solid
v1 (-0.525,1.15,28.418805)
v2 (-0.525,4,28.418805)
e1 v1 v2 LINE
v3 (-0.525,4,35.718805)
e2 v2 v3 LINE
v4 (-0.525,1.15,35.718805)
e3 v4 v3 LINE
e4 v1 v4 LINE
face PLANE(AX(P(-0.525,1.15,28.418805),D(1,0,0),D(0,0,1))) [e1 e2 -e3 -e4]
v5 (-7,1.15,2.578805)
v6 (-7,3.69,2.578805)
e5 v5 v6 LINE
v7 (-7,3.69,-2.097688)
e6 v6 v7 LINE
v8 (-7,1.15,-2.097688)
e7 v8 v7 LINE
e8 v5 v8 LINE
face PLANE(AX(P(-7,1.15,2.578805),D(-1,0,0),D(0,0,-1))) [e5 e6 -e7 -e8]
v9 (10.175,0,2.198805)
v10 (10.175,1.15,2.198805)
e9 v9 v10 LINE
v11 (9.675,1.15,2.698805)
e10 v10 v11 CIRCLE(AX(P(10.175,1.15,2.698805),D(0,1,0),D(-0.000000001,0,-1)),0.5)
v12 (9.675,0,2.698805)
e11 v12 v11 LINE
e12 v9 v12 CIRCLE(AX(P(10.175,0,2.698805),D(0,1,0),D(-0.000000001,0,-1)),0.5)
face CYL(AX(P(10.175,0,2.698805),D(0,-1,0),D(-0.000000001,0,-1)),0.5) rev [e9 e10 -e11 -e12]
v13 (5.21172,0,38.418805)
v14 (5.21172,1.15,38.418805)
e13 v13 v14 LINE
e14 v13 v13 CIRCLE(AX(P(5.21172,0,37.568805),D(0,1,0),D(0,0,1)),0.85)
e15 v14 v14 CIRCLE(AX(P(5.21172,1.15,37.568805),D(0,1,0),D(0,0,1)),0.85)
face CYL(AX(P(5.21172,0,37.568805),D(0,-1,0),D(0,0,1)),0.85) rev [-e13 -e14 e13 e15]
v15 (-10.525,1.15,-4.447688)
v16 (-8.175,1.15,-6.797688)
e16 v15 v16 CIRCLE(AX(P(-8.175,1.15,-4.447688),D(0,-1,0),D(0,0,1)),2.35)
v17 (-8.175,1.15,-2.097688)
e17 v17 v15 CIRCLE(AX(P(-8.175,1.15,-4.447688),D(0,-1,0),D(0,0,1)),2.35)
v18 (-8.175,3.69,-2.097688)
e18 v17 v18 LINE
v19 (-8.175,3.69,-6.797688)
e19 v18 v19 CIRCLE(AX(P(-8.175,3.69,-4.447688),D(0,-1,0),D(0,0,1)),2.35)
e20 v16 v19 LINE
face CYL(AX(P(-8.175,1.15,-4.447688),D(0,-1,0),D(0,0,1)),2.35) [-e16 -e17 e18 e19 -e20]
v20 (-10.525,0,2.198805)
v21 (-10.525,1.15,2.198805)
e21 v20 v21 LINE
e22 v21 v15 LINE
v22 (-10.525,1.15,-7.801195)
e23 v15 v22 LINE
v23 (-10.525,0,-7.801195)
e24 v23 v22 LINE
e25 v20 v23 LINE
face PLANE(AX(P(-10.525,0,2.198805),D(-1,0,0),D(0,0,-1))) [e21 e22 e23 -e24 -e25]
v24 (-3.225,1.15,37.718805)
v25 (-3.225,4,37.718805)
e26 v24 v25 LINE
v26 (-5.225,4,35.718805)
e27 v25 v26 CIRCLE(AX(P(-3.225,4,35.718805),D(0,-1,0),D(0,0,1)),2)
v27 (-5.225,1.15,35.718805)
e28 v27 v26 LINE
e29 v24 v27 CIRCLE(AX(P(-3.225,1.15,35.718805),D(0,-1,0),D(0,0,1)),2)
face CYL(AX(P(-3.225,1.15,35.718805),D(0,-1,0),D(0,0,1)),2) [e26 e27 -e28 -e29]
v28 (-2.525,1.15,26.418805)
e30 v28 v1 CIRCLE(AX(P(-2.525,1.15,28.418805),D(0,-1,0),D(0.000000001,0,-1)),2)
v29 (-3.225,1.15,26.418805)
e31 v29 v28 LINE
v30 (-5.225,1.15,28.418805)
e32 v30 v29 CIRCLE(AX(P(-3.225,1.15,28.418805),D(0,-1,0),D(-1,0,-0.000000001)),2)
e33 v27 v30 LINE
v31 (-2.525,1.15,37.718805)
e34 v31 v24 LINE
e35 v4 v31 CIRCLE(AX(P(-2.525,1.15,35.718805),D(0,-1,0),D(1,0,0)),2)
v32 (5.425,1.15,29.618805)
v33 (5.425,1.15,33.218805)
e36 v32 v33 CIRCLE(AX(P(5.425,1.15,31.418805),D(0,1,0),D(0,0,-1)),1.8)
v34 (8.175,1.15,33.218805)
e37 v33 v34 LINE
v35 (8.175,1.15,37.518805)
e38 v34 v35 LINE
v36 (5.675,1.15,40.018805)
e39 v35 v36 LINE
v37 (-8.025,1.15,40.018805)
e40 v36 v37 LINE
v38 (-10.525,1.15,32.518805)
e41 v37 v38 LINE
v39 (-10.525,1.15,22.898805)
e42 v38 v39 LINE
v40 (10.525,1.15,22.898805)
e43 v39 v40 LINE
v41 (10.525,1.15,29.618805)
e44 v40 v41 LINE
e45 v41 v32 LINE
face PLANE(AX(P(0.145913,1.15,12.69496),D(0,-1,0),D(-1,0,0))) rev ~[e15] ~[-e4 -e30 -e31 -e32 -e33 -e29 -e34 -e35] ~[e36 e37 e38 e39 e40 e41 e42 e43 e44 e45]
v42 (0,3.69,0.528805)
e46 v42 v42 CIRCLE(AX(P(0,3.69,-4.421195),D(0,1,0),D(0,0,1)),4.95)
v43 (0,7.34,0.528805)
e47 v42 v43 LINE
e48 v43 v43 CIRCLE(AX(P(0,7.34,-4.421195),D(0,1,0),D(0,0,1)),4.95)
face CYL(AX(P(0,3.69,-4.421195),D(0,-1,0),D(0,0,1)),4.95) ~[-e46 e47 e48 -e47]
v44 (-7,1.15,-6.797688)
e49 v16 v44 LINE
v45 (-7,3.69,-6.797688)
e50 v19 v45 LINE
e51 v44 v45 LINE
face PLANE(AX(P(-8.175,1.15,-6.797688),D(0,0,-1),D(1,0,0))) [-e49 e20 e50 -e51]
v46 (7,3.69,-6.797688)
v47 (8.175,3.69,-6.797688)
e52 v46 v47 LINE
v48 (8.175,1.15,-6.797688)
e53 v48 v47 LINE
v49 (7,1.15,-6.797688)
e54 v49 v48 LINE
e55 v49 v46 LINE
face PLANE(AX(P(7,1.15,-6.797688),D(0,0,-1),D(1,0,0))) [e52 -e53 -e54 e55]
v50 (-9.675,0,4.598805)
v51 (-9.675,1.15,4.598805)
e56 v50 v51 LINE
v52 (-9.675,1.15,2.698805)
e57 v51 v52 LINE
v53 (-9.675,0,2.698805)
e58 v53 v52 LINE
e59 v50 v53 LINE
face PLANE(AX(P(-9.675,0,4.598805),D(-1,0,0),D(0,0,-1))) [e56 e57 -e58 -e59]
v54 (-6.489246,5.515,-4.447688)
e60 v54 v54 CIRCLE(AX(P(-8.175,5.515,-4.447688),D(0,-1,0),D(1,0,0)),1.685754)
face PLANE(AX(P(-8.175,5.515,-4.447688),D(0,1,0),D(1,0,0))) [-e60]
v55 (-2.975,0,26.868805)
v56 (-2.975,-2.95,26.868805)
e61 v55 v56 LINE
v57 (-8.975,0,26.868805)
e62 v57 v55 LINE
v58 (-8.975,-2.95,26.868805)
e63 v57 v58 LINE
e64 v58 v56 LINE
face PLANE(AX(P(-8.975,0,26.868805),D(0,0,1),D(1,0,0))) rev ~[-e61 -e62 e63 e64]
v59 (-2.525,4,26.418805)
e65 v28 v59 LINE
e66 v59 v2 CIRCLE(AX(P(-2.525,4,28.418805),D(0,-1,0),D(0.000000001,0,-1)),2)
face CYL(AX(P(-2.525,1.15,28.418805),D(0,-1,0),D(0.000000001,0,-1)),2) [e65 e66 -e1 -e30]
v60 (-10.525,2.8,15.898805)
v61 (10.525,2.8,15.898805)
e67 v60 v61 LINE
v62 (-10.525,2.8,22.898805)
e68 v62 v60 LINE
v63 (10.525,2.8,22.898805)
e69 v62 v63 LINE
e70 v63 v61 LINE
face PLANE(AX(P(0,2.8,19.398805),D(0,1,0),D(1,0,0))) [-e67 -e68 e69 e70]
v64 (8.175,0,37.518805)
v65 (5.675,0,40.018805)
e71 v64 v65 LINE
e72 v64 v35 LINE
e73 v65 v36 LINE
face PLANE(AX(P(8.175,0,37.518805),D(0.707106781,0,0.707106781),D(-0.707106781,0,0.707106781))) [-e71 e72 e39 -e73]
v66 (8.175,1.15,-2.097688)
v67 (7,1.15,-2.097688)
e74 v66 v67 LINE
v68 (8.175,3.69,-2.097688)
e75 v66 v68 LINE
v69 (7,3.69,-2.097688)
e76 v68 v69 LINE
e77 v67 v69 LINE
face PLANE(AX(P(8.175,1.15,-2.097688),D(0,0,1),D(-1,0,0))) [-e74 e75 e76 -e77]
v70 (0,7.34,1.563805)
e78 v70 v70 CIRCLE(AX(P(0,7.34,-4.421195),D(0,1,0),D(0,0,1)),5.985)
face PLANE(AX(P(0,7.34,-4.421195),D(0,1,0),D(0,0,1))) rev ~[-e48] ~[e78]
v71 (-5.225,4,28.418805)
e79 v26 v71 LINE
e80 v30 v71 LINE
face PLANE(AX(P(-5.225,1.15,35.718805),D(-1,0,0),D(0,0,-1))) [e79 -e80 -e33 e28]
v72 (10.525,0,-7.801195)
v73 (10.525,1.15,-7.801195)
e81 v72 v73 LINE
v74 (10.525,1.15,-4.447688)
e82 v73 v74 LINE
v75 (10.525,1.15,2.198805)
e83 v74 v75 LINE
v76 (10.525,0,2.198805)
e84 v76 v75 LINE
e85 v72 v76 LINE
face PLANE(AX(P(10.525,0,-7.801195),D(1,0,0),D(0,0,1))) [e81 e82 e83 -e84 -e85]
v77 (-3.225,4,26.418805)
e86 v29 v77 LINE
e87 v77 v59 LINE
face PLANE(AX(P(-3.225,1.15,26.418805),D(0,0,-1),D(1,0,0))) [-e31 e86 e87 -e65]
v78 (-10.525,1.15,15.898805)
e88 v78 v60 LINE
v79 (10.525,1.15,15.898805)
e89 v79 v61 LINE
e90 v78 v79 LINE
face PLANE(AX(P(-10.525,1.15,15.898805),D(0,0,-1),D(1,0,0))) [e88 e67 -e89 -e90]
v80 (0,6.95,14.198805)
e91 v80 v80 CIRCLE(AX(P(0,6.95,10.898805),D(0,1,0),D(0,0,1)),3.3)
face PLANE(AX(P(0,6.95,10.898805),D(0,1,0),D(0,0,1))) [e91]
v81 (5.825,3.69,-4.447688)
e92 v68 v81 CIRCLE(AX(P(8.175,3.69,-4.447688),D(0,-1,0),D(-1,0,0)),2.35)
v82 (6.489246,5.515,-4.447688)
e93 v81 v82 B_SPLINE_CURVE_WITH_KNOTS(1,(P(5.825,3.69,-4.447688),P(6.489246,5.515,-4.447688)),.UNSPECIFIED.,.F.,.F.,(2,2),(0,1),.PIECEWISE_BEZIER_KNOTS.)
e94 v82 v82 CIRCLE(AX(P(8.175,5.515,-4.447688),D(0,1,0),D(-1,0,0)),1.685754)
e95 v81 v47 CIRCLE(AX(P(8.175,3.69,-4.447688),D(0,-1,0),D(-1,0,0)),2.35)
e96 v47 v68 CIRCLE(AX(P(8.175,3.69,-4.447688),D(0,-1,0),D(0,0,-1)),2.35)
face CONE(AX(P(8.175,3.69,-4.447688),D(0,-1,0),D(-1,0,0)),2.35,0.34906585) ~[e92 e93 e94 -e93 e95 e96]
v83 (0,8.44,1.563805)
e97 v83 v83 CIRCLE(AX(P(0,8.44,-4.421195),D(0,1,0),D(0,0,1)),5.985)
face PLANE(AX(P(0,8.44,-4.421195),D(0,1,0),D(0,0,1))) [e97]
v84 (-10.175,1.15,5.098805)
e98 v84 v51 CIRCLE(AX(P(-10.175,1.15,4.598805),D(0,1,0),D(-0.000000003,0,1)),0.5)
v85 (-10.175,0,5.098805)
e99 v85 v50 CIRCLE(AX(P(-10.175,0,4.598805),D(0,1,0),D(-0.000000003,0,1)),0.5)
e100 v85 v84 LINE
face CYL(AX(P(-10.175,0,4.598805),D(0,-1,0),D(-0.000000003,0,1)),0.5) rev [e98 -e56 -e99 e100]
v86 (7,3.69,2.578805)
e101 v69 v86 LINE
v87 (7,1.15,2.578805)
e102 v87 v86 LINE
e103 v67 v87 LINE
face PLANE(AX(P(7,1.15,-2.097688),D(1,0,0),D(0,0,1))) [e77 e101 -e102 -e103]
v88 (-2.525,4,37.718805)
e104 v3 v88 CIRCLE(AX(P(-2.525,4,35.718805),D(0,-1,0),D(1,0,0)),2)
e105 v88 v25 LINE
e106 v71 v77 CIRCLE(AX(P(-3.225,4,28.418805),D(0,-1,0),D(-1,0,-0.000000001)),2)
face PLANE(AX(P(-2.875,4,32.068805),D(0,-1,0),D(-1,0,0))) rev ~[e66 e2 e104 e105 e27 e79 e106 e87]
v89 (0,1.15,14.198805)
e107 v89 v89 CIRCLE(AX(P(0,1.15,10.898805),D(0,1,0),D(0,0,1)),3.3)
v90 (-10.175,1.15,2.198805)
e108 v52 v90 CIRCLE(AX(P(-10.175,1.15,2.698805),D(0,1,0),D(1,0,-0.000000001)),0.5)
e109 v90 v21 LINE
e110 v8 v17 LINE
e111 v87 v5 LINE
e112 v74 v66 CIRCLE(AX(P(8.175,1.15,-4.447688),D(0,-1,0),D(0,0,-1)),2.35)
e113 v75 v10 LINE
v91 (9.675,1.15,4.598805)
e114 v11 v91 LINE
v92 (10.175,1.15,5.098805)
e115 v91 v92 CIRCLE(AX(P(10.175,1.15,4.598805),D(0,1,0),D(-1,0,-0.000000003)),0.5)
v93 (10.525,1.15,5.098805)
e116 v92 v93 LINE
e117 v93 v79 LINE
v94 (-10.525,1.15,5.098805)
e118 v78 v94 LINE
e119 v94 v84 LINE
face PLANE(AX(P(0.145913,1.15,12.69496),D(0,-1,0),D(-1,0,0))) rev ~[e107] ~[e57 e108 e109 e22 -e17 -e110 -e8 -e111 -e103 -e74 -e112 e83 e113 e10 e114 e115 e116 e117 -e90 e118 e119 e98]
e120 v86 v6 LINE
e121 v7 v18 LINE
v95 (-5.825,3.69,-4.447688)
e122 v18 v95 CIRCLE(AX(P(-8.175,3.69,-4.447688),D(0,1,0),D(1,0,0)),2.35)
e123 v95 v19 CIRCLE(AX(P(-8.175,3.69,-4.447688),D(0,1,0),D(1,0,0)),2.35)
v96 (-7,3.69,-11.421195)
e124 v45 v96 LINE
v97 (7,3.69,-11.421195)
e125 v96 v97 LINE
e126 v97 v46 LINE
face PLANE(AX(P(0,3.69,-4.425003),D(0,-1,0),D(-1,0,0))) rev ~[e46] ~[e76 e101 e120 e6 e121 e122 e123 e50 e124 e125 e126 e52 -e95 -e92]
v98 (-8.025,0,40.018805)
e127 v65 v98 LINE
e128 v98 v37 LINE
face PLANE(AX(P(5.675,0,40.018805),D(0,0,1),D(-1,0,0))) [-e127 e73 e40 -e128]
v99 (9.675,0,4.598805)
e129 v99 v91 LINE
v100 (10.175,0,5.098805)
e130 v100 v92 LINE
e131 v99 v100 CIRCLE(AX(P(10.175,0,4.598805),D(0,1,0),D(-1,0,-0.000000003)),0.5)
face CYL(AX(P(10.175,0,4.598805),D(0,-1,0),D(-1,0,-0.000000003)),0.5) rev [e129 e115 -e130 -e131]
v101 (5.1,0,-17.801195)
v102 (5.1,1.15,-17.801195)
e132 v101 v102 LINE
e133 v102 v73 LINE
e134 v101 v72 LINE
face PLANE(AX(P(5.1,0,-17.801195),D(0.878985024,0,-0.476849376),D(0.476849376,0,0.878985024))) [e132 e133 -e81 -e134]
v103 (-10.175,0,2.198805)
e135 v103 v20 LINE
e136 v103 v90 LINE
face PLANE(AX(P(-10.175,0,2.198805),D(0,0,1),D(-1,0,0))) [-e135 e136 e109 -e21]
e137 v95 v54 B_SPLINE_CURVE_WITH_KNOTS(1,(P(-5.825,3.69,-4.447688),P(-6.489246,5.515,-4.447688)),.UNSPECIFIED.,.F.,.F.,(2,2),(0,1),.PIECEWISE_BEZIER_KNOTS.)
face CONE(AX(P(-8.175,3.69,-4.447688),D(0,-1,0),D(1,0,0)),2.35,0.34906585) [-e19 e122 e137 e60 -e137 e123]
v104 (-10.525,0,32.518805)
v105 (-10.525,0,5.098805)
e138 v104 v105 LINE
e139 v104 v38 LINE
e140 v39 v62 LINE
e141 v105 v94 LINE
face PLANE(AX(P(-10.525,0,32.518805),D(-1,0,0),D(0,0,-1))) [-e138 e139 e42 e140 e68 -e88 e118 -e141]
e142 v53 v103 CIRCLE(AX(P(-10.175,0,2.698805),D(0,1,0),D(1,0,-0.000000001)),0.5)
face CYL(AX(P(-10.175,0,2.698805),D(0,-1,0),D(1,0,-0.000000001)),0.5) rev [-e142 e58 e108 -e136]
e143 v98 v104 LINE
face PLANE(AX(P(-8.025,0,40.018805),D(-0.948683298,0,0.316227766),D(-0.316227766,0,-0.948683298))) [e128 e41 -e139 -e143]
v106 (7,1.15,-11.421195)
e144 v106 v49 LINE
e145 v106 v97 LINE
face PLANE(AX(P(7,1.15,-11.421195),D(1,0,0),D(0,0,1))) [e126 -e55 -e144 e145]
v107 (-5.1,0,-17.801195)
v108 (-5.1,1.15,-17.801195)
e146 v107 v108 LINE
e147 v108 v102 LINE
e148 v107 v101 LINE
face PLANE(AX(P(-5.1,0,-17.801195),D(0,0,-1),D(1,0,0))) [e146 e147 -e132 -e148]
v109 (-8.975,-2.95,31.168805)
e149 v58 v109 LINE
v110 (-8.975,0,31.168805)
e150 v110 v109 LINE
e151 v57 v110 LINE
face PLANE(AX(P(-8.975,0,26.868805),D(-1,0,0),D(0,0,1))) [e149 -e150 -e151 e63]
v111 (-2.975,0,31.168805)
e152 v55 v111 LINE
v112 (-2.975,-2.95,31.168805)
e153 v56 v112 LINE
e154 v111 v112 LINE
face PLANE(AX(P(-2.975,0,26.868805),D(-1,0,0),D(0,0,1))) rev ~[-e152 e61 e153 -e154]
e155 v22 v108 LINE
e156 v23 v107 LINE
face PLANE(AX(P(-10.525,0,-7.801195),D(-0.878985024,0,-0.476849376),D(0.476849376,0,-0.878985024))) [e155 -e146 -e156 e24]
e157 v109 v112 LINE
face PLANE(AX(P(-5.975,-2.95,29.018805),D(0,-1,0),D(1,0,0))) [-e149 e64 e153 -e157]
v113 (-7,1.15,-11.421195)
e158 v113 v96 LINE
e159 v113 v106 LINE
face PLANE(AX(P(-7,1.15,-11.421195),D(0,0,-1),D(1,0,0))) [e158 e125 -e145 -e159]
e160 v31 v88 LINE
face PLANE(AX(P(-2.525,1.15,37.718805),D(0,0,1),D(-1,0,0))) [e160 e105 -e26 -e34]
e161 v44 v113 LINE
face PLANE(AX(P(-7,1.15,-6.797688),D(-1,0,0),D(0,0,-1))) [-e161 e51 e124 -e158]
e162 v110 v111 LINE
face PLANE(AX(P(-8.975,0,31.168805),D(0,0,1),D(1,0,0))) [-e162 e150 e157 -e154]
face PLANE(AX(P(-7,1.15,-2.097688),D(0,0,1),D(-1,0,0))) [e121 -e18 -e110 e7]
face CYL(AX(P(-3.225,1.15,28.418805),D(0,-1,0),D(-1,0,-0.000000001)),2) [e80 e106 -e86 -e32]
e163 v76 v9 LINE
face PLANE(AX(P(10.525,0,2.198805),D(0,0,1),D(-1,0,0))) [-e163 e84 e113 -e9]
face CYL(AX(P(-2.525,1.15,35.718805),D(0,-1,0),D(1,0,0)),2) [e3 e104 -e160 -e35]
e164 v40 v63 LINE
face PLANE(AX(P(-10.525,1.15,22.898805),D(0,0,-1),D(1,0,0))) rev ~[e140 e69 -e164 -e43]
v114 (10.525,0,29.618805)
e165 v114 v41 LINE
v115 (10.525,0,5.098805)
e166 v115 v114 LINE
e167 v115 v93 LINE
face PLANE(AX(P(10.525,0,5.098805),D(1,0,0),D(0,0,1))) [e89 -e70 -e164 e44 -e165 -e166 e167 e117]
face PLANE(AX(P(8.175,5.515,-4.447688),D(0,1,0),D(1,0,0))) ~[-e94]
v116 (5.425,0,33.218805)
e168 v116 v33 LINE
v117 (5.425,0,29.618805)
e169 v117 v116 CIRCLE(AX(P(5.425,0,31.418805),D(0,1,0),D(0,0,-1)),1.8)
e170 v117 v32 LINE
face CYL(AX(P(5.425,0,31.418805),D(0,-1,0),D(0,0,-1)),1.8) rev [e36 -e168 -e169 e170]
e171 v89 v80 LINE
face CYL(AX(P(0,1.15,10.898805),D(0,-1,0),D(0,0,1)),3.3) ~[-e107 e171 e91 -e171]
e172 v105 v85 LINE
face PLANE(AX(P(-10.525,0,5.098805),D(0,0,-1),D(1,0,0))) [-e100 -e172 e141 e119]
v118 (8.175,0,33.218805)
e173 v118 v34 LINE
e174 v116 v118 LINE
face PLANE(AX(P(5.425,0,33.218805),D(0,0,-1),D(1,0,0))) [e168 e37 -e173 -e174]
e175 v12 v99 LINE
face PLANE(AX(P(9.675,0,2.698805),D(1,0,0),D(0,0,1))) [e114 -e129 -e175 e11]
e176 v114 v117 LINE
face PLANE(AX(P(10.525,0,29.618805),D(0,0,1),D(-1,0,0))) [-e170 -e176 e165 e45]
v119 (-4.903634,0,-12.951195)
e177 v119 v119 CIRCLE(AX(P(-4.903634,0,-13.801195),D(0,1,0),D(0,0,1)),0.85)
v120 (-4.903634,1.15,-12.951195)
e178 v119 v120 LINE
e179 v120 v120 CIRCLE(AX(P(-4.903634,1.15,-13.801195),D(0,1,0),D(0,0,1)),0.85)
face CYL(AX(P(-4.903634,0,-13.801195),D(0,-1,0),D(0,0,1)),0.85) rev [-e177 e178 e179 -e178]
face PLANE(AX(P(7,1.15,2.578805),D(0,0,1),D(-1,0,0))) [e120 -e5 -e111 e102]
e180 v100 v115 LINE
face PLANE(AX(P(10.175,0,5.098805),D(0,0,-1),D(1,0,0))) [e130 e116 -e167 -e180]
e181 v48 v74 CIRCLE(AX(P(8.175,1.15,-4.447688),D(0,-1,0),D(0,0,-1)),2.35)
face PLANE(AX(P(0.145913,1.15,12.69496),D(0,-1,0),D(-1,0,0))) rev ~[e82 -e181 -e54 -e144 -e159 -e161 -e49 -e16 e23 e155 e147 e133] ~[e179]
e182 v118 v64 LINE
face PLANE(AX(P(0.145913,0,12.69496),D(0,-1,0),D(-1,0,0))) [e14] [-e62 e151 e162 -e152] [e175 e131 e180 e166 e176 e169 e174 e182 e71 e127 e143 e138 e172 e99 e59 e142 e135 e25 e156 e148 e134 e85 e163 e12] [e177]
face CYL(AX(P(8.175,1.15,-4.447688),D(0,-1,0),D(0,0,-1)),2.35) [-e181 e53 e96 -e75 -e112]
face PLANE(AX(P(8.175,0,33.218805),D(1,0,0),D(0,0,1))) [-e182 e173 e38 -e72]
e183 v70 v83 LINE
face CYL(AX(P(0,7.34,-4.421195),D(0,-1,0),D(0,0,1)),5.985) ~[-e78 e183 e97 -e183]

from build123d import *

# Parameters (mm, degrees)
SKETCH_1_R      = 0.85
EXTRUDE_1_DEPTH = 1.15
EXTRUDE_2_DEPTH = 2.54
SKETCH_3_R      = 4.95
EXTRUDE_3_DEPTH = 3.65
SKETCH_4_R      = 5.985
EXTRUDE_4_DEPTH = 1.1
SKETCH_5_R      = 2.35
EXTRUDE_5_DEPTH = 1.825
EXTRUDE_5_TAPER = 20
SKETCH_6_R      = 3.3
EXTRUDE_6_DEPTH = 5.8
SKETCH_7_W      = 21.05
SKETCH_7_H      = 7
EXTRUDE_7_DEPTH = 1.65
EXTRUDE_8_DEPTH = 2.85
SKETCH_9_W      = 6
SKETCH_9_H      = 4.3
EXTRUDE_9_DEPTH = 2.95


with BuildPart() as part:
    # Эскиз1 → Бобышка-Вытянуть1 (new body)
    with BuildSketch(Plane(origin=(0, 0, 0), x_dir=(1, 0, 0), z_dir=(0, 1, 0))):
        with BuildLine():
            Line((5.1, 17.801195131), (10.525, 7.801195131))
            Line((10.525, 7.801195131), (10.525, -2.198804869))
            Line((10.525, -2.198804869), (10.175, -2.198804869))
            ThreePointArc((10.175, -2.198804869), (9.821446609, -2.345251479), (9.675, -2.698804869))
            Line((9.675, -2.698804869), (9.675, -4.598804869))
            ThreePointArc((9.675, -4.598804869), (9.821446609, -4.95235826), (10.175, -5.098804869))
            Line((10.175, -5.098804869), (10.525, -5.098804869))
            Line((10.525, -5.098804869), (10.525, -29.618804869))
            Line((10.525, -29.618804869), (5.425, -29.618804869))
            ThreePointArc((5.425, -29.618804869), (3.625, -31.418804869), (5.425, -33.218804869))
            Line((5.425, -33.218804869), (8.175, -33.218804869))
            Line((8.175, -33.218804869), (8.175, -37.518804869))
            Line((8.175, -37.518804869), (5.675, -40.018804869))
            Line((5.675, -40.018804869), (-8.025, -40.018804869))
            Line((-8.025, -40.018804869), (-10.525, -32.518804869))
            Line((-10.525, -32.518804869), (-10.525, -5.098804869))
            Line((-10.525, -5.098804869), (-10.175, -5.098804869))
            ThreePointArc((-10.175, -5.098804869), (-9.821446609, -4.95235826), (-9.675, -4.598804869))
            Line((-9.675, -4.598804869), (-9.675, -2.698804869))
            ThreePointArc((-9.675, -2.698804869), (-9.821446609, -2.345251479), (-10.175, -2.198804869))
            Line((-10.175, -2.198804869), (-10.525, -2.198804869))
            Line((-10.525, -2.198804869), (-10.525, 7.801195131))
            Line((-10.525, 7.801195131), (-5.1, 17.801195131))
            Line((-5.1, 17.801195131), (5.1, 17.801195131))
        make_face()
        with Locations(Location((5.211720062, -37.568804869, 0), (0, 0, 270))):
            Circle(SKETCH_1_R, mode=Mode.SUBTRACT)
        with Locations(Location((-4.903634314, 13.801195131, 0), (0, 0, 270))):
            Circle(SKETCH_1_R, mode=Mode.SUBTRACT)
    extrude(amount=EXTRUDE_1_DEPTH)

    # Эскиз2 → Бобышка-Вытянуть2 (add)
    with BuildSketch(Plane(origin=(0, 1.15, 0), x_dir=(1, 0, 0), z_dir=(0, 1, 0))):
        with BuildLine():
            Line((-7, 11.421195131), (7, 11.421195131))
            Line((7, 11.421195131), (7, 6.797688136))
            Line((7, 6.797688136), (8.175, 6.797688136))
            ThreePointArc((8.175, 6.797688136), (10.525, 4.447688136), (8.175, 2.097688136))
            Line((8.175, 2.097688136), (7, 2.097688136))
            Line((7, 2.097688136), (7, -2.578804869))
            Line((7, -2.578804869), (-7, -2.578804869))
            Line((-7, -2.578804869), (-7, 2.097688136))
            Line((-7, 2.097688136), (-8.175, 2.097688136))
            ThreePointArc((-8.175, 2.097688136), (-10.525, 4.447688136), (-8.175, 6.797688136))
            Line((-8.175, 6.797688136), (-7, 6.797688136))
            Line((-7, 6.797688136), (-7, 11.421195131))
        make_face()
    extrude(amount=EXTRUDE_2_DEPTH)

    # Эскиз3 → Бобышка-Вытянуть3 (add)
    with BuildSketch(Plane(origin=(0, 3.69, 0), x_dir=(1, 0, 0), z_dir=(0, 1, 0))):
        with Locations(Location((0, 4.421195131, 0), (0, 0, 270))):
            Circle(SKETCH_3_R)
    extrude(amount=EXTRUDE_3_DEPTH)

    # Эскиз4 → Бобышка-Вытянуть4 (add)
    with BuildSketch(Plane(origin=(0, 7.34, 0), x_dir=(1, 0, 0), z_dir=(0, 1, 0))):
        with Locations(Location((0, 4.421195131, 0), (0, 0, 270))):
            Circle(SKETCH_4_R)
    extrude(amount=EXTRUDE_4_DEPTH)

    # Эскиз5 → Бобышка-Вытянуть5 (add)
    with BuildSketch(Plane(origin=(0, 3.69, 0), x_dir=(1, 0, 0), z_dir=(0, 1, 0))):
        with Locations((-8.175, 4.447688136)):
            Circle(SKETCH_5_R)
    extrude_5 = extrude(amount=EXTRUDE_5_DEPTH, taper=EXTRUDE_5_TAPER)

    # Зеркальное отражение1: Бобышка-Вытянуть5 across plane
    add(extrude_5.mirror(Plane(origin=(0, 0, 0), x_dir=(0, 0, 1), z_dir=(1, 0, 0))))

    # Эскиз6 → Бобышка-Вытянуть6 (add)
    with BuildSketch(Plane(origin=(0, 1.15, 0), x_dir=(1, 0, 0), z_dir=(0, 1, 0))):
        with Locations(Location((0, -10.898804869, 0), (0, 0, 270))):
            Circle(SKETCH_6_R)
    extrude(amount=EXTRUDE_6_DEPTH)

    # Эскиз7 → Бобышка-Вытянуть7 (add)
    with BuildSketch(Plane(origin=(0, 1.15, 0), x_dir=(1, 0, 0), z_dir=(0, 1, 0))):
        with Locations((0, -19.398804869)):
            Rectangle(SKETCH_7_W, SKETCH_7_H)
    extrude(amount=EXTRUDE_7_DEPTH)

    # Эскиз8 → Бобышка-Вытянуть8 (add)
    with BuildSketch(Plane(origin=(0, 1.15, 0), x_dir=(1, 0, 0), z_dir=(0, 1, 0))):
        with BuildLine():
            Line((-3.225, -26.418804869), (-2.525, -26.418804869))
            ThreePointArc((-2.525, -26.418804869), (-1.110786438, -27.004591307), (-0.525, -28.418804869))
            Line((-0.525, -28.418804869), (-0.525, -35.718804869))
            ThreePointArc((-0.525, -35.718804869), (-1.110786438, -37.133018432), (-2.525, -37.718804869))
            Line((-2.525, -37.718804869), (-3.225, -37.718804869))
            ThreePointArc((-3.225, -37.718804869), (-4.639213562, -37.133018432), (-5.225, -35.718804869))
            Line((-5.225, -35.718804869), (-5.225, -28.418804869))
            ThreePointArc((-5.225, -28.418804869), (-4.639213562, -27.004591307), (-3.225, -26.418804869))
        make_face()
    extrude(amount=EXTRUDE_8_DEPTH)

    # Эскиз9 → Бобышка-Вытянуть9 (add)
    with BuildSketch(Plane.XZ):
        with Locations((-5.975, 29.018804869)):
            Rectangle(SKETCH_9_W, SKETCH_9_H)
    extrude(amount=EXTRUDE_9_DEPTH)


solid = part.part
